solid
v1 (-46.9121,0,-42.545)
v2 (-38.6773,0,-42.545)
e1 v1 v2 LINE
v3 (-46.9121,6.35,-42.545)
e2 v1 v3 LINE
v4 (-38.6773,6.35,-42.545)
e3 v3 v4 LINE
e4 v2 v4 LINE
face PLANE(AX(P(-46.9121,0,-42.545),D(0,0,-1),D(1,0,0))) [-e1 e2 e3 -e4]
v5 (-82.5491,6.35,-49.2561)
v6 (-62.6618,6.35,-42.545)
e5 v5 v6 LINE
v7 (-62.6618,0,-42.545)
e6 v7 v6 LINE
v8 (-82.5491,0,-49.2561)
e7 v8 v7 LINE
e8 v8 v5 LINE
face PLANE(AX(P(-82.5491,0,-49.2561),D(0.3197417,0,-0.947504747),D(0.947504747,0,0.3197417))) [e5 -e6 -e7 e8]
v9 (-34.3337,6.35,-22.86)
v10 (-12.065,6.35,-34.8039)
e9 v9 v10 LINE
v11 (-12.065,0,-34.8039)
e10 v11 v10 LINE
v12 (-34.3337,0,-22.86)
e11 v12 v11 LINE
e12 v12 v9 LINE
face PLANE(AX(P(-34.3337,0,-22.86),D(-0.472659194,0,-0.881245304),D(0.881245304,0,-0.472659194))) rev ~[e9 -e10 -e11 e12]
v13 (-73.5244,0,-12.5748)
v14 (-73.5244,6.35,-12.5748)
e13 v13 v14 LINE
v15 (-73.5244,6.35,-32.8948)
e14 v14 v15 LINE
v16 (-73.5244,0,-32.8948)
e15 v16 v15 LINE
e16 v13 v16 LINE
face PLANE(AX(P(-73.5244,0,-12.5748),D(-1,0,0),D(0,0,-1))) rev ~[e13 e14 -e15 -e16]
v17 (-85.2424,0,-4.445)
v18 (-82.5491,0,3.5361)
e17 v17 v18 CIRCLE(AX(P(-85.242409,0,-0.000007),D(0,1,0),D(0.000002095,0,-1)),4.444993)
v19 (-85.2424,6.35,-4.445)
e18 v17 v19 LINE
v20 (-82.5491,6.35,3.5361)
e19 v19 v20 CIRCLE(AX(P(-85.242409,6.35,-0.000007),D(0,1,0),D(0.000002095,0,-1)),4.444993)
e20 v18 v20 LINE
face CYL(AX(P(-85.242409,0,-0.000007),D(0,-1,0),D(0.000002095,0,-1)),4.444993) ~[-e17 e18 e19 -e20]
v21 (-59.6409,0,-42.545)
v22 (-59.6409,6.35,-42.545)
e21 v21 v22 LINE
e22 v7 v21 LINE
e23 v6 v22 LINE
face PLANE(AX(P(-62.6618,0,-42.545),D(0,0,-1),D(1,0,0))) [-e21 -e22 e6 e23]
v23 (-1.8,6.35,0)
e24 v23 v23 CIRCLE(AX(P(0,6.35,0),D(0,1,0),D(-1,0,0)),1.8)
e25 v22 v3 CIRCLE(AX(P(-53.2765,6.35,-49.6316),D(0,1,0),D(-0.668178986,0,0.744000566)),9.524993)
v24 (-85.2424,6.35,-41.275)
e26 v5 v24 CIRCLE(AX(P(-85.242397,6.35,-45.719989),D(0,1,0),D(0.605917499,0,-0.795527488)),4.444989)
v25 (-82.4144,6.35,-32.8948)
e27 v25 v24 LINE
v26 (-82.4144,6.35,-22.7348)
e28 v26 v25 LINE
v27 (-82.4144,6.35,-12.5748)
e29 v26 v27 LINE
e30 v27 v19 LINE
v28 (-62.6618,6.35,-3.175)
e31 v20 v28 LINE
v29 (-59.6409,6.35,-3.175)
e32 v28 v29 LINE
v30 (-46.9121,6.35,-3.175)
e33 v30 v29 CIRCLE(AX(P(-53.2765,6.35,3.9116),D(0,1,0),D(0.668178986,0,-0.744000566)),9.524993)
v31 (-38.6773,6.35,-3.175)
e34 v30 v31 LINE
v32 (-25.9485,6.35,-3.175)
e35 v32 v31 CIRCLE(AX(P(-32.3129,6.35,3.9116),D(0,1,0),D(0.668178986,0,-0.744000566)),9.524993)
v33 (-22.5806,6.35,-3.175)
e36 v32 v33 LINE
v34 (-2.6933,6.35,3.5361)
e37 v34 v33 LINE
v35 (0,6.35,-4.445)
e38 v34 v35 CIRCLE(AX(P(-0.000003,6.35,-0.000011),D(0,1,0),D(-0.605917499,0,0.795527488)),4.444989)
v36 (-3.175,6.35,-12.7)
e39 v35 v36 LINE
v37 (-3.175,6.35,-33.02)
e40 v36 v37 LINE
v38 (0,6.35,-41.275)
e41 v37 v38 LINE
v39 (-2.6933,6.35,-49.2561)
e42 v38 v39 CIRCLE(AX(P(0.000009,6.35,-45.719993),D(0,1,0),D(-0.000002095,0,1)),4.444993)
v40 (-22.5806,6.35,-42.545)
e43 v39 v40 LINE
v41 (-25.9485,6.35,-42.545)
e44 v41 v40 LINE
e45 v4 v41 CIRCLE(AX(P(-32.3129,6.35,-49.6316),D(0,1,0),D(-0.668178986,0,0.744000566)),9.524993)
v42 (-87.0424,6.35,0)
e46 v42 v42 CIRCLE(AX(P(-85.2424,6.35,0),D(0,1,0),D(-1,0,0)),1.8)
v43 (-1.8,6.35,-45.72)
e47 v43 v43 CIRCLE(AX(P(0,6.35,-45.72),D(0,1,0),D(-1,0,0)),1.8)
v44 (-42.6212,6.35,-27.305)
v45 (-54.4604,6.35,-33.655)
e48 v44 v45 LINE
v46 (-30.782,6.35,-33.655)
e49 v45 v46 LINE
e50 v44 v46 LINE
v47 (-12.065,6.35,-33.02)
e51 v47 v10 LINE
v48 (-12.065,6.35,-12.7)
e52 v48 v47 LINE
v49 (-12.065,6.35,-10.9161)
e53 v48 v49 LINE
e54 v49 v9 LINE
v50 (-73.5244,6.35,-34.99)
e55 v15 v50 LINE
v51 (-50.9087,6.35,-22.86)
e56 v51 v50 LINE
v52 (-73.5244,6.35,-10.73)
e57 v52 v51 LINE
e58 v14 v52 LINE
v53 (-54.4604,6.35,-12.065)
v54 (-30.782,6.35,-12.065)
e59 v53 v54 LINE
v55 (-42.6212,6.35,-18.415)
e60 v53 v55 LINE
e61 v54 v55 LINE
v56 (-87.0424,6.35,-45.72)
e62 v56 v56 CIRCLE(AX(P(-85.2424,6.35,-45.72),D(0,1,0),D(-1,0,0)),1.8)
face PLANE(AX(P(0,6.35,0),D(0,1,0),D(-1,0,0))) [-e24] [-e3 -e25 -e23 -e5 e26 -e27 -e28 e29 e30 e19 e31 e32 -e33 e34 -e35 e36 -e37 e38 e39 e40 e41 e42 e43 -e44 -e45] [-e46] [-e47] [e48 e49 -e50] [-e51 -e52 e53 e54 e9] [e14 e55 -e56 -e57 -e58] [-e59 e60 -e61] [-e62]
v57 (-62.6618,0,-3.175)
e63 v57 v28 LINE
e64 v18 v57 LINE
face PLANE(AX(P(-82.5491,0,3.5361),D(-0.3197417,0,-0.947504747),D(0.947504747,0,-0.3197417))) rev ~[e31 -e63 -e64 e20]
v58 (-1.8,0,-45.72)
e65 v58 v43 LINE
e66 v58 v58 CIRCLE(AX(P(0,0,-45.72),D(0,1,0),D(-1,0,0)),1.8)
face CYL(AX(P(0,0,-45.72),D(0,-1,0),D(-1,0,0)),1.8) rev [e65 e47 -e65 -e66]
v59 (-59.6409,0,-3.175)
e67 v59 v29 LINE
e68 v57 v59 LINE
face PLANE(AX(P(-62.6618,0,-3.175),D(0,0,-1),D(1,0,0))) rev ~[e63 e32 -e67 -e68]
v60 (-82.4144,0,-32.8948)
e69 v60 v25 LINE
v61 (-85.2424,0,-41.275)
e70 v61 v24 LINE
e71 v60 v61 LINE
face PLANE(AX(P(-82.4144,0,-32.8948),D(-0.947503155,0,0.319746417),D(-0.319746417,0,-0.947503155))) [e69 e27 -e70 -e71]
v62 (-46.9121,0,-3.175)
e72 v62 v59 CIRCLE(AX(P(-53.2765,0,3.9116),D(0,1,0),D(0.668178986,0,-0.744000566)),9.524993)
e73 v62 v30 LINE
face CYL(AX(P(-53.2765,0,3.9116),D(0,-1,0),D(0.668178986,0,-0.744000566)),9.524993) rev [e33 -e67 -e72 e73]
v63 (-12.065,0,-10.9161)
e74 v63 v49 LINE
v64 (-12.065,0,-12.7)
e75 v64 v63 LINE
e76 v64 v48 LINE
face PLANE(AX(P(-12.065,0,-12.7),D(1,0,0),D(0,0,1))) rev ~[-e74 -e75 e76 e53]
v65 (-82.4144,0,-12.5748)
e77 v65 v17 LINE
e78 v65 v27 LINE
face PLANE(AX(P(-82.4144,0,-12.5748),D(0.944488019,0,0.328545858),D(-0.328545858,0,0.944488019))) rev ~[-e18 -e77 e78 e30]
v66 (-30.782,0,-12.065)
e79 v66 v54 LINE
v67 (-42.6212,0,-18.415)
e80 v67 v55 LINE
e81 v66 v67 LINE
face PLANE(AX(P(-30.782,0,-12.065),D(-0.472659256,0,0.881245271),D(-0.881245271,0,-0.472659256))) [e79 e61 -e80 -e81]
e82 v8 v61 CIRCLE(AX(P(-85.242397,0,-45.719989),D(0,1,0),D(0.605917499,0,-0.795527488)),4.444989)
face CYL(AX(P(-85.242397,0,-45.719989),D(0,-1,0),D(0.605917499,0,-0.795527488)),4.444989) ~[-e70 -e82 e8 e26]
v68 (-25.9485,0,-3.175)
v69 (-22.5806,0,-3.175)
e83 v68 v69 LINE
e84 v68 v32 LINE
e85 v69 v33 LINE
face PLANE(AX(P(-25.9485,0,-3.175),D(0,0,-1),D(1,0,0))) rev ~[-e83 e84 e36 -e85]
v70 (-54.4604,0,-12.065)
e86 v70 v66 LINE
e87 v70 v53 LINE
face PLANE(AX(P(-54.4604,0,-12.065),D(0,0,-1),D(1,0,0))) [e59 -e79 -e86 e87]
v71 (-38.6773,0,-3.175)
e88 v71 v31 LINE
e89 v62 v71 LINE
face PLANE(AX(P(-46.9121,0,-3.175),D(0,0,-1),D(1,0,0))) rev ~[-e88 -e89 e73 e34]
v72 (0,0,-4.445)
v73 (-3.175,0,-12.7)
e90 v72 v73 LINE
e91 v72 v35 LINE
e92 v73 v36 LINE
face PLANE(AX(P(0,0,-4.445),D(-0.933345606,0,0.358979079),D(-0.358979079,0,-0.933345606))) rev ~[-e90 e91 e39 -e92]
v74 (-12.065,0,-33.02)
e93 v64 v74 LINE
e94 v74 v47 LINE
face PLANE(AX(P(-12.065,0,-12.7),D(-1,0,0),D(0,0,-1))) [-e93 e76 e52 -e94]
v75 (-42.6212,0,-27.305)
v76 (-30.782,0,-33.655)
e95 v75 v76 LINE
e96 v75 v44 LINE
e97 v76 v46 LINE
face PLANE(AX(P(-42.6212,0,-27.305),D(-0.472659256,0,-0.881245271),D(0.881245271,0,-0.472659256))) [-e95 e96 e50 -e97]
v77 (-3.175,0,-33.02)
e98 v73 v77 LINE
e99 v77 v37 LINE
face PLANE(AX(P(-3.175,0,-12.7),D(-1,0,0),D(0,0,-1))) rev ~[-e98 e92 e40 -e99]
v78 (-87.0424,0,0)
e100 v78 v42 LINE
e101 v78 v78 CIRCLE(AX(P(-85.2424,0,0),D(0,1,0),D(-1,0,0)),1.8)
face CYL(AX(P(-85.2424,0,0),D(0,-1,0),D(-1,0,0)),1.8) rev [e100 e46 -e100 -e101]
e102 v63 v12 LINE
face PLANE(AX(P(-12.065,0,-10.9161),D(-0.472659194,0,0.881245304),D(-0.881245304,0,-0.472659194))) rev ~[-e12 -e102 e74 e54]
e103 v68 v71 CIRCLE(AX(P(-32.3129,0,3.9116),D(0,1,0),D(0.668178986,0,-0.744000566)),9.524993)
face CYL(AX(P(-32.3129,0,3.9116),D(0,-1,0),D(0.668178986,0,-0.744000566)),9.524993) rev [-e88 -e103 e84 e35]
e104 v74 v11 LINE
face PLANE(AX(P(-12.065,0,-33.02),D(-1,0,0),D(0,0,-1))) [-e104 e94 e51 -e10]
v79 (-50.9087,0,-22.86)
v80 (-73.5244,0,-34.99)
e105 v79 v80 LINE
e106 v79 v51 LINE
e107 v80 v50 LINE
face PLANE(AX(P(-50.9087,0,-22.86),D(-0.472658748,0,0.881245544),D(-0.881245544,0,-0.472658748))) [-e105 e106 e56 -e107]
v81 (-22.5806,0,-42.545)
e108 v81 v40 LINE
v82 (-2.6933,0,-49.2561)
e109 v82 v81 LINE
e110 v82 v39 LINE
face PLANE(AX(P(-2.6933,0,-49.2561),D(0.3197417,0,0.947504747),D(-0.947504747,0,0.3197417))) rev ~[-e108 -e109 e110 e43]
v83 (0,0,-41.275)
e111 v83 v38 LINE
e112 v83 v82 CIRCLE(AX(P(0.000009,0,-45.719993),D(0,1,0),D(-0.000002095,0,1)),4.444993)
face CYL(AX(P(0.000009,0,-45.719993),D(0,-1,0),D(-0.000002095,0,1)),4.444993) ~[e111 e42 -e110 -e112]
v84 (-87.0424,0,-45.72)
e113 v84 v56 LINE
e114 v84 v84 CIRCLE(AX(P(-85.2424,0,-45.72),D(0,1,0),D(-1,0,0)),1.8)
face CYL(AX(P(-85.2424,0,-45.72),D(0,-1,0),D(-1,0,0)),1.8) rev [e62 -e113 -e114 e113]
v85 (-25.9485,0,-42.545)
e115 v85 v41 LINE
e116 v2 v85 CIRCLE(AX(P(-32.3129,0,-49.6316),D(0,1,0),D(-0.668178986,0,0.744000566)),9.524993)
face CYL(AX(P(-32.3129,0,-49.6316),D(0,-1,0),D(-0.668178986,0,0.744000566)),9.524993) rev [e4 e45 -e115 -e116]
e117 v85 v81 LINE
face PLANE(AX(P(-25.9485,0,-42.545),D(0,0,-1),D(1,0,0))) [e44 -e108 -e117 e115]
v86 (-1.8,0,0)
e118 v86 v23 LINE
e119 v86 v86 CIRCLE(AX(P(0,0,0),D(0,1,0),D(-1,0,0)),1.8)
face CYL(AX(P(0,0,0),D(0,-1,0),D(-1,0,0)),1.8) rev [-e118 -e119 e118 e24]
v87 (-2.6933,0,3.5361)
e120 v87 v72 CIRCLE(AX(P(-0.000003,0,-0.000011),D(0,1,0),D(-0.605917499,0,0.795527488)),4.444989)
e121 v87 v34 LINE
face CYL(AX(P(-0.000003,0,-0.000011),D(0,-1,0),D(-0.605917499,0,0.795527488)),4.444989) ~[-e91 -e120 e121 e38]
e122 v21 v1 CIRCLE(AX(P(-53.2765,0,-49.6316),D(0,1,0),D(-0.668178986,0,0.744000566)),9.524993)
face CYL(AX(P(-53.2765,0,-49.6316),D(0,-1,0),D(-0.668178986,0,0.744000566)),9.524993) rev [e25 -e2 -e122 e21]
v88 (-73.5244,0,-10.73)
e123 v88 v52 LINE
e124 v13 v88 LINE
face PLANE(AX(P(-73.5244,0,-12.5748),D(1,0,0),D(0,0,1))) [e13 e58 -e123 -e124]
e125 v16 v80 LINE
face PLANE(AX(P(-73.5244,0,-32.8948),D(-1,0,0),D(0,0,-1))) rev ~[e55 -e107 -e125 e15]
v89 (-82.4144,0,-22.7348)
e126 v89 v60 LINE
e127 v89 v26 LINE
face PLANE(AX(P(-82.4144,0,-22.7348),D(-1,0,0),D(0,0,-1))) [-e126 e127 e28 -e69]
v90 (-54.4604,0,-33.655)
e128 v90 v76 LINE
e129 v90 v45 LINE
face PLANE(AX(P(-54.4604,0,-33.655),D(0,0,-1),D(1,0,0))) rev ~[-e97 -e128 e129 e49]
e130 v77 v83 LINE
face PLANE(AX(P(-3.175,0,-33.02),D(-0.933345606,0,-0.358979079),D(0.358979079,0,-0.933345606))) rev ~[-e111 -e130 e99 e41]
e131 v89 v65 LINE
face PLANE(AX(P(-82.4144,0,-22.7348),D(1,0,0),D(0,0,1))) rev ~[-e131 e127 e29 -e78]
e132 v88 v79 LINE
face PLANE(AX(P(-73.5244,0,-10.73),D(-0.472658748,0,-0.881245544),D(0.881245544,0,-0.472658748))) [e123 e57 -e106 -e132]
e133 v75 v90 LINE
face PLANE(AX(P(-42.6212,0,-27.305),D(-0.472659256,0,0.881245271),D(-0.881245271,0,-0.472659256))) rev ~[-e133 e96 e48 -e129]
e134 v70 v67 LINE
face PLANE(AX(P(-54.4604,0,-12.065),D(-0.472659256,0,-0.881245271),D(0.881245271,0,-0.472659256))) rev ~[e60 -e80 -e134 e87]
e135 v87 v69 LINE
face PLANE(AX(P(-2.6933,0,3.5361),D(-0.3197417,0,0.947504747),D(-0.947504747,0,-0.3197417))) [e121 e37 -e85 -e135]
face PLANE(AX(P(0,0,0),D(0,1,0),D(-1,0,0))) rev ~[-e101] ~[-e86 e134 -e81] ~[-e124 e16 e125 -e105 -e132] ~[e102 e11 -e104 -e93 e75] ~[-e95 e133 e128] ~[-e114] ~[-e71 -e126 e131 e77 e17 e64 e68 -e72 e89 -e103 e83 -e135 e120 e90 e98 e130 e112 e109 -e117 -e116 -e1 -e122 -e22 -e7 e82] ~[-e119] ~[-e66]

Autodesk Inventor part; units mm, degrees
ref_plane "YZ Plane" through (0, 0, 0) normal (1, 0, 0) x (0, 1, 0)
ref_plane "XZ Plane" through (0, 0, 0) normal (0, 1, 0) x (-1, 0, 0)
ref_plane "XY Plane" through (0, 0, 0) normal (0, 0, 1) x (1, 0, 0)
sketch "Sketch1" plane through (0, 0, 0) normal (0, 1, 0) x (-1, 0, 0)
  line L0 (82.4144, -22.7348) -> (82.4144, -12.5748)
  line L1 (82.4144, -12.5748) -> (82.4144, -32.8948)
  line L2 (3.175, -12.7) -> (3.175, -33.02)
  circle A0 centre (85.2424, 0) radius 1.8
  circle A1 centre (85.2424, -45.72) radius 1.8
  circle A2 centre (0, 0) radius 1.8
  circle A3 centre (0, -45.72) radius 1.8
  arc A4 (85.2424, -4.445) -> (82.5491, 3.5361) centre (85.2424, 0) ccw
  arc A5 (82.5491, -49.2561) -> (85.2424, -41.275) centre (85.2424, -45.72) ccw
  arc A6 (2.6933, 3.5361) -> (0, -4.445) centre (0, 0) ccw
  arc A7 (0, -41.275) -> (2.6933, -49.2561) centre (0, -45.72) ccw
  line L3 (54.4604, -12.065) -> (30.782, -12.065)
  line L4 (54.4604, -33.655) -> (30.782, -33.655)
  line L5 (12.065, -12.7) -> (12.065, -33.02)
  line L6 (0, -4.445) -> (3.175, -12.7)
  line L7 (3.175, -33.02) -> (0, -41.275)
  line L8 (2.6933, 3.5361) -> (22.5806, -3.175)
  line L9 (2.6933, -49.2561) -> (22.5806, -42.545)
  line L10 (82.5491, -49.2561) -> (62.6618, -42.545)
  line L11 (82.4144, -32.8948) -> (85.2424, -41.275)
  line L12 (82.4144, -12.5748) -> (85.2424, -4.445)
  line L13 (73.5244, -12.5748) -> (73.5244, -32.8948)
  line L14 (82.5491, 3.5361) -> (62.6618, -3.175)
  line L15 (73.5244, -10.73) -> (50.9087, -22.86)
  line L16 (42.6212, -27.305) -> (30.782, -33.655)
  line L17 (30.782, -12.065) -> (42.6212, -18.415)
  line L18 (50.9087, -22.86) -> (73.5244, -34.99)
  line L19 (12.065, -10.9161) -> (34.3337, -22.86)
  line L20 (42.6212, -27.305) -> (54.4604, -33.655)
  line L21 (54.4604, -12.065) -> (42.6212, -18.415)
  line L22 (34.3337, -22.86) -> (12.065, -34.8039)
  line L23 (73.5244, -12.5748) -> (73.5244, -10.73)
  line L24 (73.5244, -32.8948) -> (73.5244, -34.99)
  line L25 (12.065, -12.7) -> (12.065, -10.9161)
  line L26 (12.065, -33.02) -> (12.065, -34.8039)
  arc A8 (46.9121, -3.175) -> (59.6409, -3.175) centre (53.2765, 3.9116) ccw
  arc A9 (25.9485, -3.175) -> (38.6773, -3.175) centre (32.3129, 3.9116) ccw
  line L27 (62.6618, -3.175) -> (59.6409, -3.175)
  line L28 (46.9121, -3.175) -> (38.6773, -3.175)
  line L29 (25.9485, -3.175) -> (22.5806, -3.175)
  arc A10 (59.6409, -42.545) -> (46.9121, -42.545) centre (53.2765, -49.6316) ccw
  arc A11 (38.6773, -42.545) -> (25.9485, -42.545) centre (32.3129, -49.6316) ccw
  line L30 (62.6618, -42.545) -> (59.6409, -42.545)
  line L31 (46.9121, -42.545) -> (38.6773, -42.545)
  line L32 (25.9485, -42.545) -> (22.5806, -42.545)
extrude "Extrusion3" add sketch "Sketch1" along normal blind 6.35
properties part number "BottomBatteryBracket"
